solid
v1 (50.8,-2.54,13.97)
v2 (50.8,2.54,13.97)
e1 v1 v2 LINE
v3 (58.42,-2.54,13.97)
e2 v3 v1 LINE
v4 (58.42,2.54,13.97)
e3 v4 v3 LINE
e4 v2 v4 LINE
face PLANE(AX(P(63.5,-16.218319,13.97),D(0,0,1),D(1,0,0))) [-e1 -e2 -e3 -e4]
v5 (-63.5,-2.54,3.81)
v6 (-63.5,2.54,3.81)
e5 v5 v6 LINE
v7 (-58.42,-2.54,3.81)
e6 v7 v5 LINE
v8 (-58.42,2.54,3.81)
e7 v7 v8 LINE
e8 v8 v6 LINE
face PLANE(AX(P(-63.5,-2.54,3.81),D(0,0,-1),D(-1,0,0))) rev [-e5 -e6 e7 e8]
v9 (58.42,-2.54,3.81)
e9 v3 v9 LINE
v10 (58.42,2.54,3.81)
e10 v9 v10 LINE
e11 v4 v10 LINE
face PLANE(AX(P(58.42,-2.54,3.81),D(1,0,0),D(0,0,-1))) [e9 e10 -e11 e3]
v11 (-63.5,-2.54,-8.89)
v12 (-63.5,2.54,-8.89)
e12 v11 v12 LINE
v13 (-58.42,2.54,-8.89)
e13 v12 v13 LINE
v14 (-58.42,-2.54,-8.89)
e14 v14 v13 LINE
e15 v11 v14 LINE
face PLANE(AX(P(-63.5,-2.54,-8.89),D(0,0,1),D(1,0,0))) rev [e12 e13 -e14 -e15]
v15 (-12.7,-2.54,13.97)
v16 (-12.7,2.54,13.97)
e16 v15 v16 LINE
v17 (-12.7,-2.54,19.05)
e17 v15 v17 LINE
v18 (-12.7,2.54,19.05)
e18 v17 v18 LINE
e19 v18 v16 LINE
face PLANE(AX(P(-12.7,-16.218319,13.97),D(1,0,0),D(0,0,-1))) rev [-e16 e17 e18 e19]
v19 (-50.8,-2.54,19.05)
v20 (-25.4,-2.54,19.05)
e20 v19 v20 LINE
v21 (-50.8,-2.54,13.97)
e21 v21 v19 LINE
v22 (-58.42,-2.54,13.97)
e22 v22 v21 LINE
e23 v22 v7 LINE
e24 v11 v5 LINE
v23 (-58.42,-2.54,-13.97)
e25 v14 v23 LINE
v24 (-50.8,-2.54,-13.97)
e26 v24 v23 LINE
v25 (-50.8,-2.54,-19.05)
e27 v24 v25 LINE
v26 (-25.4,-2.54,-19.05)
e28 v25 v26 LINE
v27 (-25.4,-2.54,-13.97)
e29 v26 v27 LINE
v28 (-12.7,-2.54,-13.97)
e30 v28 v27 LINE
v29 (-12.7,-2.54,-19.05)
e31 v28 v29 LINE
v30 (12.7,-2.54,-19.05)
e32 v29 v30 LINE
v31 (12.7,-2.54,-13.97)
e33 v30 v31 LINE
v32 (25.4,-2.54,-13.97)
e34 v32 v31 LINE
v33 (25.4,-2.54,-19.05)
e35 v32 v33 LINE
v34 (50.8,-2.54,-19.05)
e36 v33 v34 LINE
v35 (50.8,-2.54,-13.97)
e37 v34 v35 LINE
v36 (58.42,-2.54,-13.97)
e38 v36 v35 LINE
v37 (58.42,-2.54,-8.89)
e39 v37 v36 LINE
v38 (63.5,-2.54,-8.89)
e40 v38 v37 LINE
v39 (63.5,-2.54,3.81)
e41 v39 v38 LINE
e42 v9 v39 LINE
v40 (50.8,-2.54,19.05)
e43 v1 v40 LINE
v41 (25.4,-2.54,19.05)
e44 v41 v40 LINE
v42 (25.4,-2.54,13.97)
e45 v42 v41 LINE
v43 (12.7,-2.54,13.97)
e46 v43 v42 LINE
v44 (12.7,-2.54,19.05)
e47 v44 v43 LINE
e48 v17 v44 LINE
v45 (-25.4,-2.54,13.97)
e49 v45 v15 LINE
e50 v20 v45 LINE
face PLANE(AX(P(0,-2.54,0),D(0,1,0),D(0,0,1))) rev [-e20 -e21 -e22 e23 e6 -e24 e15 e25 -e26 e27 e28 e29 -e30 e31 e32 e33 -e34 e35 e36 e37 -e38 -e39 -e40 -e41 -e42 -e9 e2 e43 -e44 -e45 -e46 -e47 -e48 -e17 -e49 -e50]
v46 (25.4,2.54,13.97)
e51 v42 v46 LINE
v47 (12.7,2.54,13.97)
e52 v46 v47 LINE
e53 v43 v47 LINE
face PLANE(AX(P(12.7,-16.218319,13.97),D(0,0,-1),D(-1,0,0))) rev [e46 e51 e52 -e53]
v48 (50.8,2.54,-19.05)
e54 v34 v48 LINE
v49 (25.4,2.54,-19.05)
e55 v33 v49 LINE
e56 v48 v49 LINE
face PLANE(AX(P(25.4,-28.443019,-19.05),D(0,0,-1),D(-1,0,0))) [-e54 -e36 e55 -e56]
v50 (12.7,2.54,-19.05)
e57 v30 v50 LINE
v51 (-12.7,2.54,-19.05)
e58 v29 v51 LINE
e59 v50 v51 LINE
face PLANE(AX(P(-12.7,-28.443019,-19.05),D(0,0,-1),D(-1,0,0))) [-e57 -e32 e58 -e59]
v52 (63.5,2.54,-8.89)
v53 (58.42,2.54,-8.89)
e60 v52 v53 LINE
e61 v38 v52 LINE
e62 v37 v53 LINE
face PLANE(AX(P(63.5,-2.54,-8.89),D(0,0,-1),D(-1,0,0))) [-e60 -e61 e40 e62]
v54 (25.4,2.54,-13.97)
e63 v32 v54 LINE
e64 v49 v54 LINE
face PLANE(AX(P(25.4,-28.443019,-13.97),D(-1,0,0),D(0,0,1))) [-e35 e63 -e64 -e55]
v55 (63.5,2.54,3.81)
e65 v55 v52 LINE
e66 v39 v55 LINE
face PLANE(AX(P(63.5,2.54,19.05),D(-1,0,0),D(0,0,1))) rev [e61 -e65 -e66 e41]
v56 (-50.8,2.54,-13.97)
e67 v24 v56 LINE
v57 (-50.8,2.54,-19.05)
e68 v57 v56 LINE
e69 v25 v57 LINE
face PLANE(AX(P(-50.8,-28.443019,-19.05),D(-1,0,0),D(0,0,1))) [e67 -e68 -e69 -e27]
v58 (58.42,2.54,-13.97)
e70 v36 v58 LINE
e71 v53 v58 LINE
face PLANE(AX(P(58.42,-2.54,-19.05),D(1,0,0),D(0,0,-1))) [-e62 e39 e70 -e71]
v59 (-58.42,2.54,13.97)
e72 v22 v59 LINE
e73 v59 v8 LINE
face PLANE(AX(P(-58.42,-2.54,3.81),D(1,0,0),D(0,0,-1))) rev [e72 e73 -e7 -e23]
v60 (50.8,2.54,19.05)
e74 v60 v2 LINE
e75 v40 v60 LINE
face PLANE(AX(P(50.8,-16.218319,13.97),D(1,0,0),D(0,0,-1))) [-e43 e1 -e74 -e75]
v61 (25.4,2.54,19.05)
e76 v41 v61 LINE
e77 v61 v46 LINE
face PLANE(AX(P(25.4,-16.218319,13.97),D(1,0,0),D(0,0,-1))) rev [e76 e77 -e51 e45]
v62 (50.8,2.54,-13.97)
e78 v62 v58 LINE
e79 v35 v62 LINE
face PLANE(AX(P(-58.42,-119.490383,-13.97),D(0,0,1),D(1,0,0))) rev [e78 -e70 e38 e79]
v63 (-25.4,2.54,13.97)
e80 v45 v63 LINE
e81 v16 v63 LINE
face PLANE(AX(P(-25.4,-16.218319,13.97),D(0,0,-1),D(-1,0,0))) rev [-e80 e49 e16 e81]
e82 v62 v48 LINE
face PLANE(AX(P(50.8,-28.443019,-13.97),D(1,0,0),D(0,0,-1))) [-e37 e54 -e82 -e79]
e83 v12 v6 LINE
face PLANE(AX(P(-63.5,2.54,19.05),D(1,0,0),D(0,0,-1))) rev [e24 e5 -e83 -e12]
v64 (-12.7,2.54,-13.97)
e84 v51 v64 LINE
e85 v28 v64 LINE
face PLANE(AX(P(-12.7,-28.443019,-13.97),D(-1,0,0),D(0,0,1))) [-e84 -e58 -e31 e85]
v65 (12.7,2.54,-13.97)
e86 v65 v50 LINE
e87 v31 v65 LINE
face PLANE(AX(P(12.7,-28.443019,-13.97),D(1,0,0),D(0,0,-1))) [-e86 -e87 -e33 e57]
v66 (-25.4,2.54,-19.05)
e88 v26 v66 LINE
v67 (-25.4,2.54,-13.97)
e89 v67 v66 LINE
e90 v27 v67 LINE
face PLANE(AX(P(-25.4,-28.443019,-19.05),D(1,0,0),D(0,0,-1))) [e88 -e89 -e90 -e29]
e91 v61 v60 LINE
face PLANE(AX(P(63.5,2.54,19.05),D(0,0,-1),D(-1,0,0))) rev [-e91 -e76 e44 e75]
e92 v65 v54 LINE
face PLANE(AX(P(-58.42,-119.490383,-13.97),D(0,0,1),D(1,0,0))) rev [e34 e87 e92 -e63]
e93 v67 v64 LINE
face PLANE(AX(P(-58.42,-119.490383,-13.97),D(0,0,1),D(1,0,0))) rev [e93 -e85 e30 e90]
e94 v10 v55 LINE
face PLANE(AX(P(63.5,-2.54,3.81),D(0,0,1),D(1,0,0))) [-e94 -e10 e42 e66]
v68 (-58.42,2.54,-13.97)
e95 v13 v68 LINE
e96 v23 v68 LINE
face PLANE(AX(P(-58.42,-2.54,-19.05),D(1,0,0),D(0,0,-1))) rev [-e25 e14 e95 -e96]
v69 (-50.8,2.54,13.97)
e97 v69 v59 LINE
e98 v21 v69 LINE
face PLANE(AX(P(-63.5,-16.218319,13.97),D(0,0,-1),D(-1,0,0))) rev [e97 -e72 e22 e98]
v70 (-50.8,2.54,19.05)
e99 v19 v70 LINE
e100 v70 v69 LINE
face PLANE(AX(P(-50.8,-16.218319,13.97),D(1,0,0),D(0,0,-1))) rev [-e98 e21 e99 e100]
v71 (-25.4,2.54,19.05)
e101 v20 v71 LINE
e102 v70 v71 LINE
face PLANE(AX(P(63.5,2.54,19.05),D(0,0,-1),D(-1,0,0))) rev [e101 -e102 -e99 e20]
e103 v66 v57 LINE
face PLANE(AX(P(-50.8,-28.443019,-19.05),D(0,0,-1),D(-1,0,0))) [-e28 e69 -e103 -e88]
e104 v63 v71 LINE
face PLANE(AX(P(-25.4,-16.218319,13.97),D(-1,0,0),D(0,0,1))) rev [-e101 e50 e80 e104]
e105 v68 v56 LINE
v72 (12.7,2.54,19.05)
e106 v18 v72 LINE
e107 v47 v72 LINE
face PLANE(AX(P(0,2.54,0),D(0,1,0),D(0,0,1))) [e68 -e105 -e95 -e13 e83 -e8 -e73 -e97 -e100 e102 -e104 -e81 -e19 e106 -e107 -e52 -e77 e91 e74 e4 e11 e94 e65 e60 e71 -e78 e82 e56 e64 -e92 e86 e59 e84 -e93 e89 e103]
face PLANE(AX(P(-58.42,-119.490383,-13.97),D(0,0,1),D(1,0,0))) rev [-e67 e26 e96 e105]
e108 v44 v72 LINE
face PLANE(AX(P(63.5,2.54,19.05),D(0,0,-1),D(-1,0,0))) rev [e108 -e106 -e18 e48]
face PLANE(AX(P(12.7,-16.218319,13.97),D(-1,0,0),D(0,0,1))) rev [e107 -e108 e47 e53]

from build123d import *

# Parameters (mm, degrees)
SKETCH1_W           = 127
SKETCH1_H           = 38.1
BOSS_EXTRUDE1_DEPTH = 2.54
SKETCH2_W           = 5.08
SKETCH2_H           = 10.16
SKETCH2_H_2         = 15.24
CUT_EXTRUDE1_DEPTH  = 5.08
SKETCH3_W           = 12.7
SKETCH3_H           = 5.08
CUT_EXTRUDE2_DEPTH  = 5.08
SKETCH4_W           = 12.7
SKETCH4_H           = 5.08
CUT_EXTRUDE4_DEPTH  = 5.08
LPATTERN1_COUNT     = 2
LPATTERN1_PITCH     = 38.1
SKETCH7_W           = 116.84
SKETCH7_H           = 5.08
CUT_EXTRUDE7_DEPTH  = 5.08
SKETCH8_W           = 25.4
SKETCH8_H           = 5.08
BOSS_EXTRUDE2_DEPTH = 5.08


with BuildPart() as part:
    # Sketch1 → Boss-Extrude1 (new body, symmetric)
    with BuildSketch(Plane(origin=(0, 0, 0), x_dir=(1, 0, 0), z_dir=(0, 1, 0))):
        Rectangle(SKETCH1_W, SKETCH1_H)
    extrude(amount=BOSS_EXTRUDE1_DEPTH, both=True)

    # Sketch2 → Cut-Extrude1 (cut)
    with BuildSketch(Plane(origin=(0, 2.54, 0), x_dir=(1, 0, 0), z_dir=(0, 1, 0))):
        with Locations((-60.96, 13.97)):
            Rectangle(SKETCH2_W, SKETCH2_H)
        with Locations((-60.96, -11.43)):
            Rectangle(SKETCH2_W, SKETCH2_H_2)
    cut_extrude1 = extrude(amount=-CUT_EXTRUDE1_DEPTH, mode=Mode.SUBTRACT)

    # Mirror1: Cut-Extrude1 across plane
    add(cut_extrude1.mirror(Plane(origin=(0, 0, 0), x_dir=(0, 0, 1), z_dir=(1, 0, 0))), mode=Mode.SUBTRACT)

    # Sketch3 → Cut-Extrude2 (cut)
    with BuildSketch(Plane(origin=(0, 2.54, 0), x_dir=(1, 0, 0), z_dir=(0, 1, 0))):
        with Locations((-57.15, -16.51)):
            Rectangle(SKETCH3_W, SKETCH3_H)
    cut_extrude2 = extrude(amount=-CUT_EXTRUDE2_DEPTH, mode=Mode.SUBTRACT)

    # Mirror2: Cut-Extrude2 across plane
    add(cut_extrude2.mirror(Plane(origin=(0, 0, 0), x_dir=(0, 0, 1), z_dir=(1, 0, 0))), mode=Mode.SUBTRACT)

    # Sketch4 → Cut-Extrude4 (cut)
    with BuildSketch(Plane(origin=(0, 2.54, 0), x_dir=(1, 0, 0), z_dir=(0, 1, 0))):
        with Locations((-19.05, -16.51)):
            Rectangle(SKETCH4_W, SKETCH4_H)
    cut_extrude4 = extrude(amount=-CUT_EXTRUDE4_DEPTH, mode=Mode.SUBTRACT)

    # LPattern1: Cut-Extrude4 ×2
    with Locations(*[(i * LPATTERN1_PITCH, 0, 0) for i in range(1, LPATTERN1_COUNT)]):
        add(cut_extrude4, mode=Mode.SUBTRACT)

    # Sketch7 → Cut-Extrude7 (cut)
    with BuildSketch(Plane(origin=(0, 2.54, 0), x_dir=(1, 0, 0), z_dir=(0, 1, 0))):
        with Locations((0, 16.51)):
            Rectangle(SKETCH7_W, SKETCH7_H)
    extrude(amount=-CUT_EXTRUDE7_DEPTH, mode=Mode.SUBTRACT)

    # Sketch8 → Boss-Extrude2 (add)
    with BuildSketch(Plane(origin=(0, 2.54, 0), x_dir=(1, 0, 0), z_dir=(0, 1, 0))):
        with Locations((-38.1, 16.51)):
            Rectangle(SKETCH8_W, SKETCH8_H)
        with Locations((0, 16.51)):
            Rectangle(SKETCH8_W, SKETCH8_H)
        with Locations((38.1, 16.51)):
            Rectangle(SKETCH8_W, SKETCH8_H)
    extrude(amount=-BOSS_EXTRUDE2_DEPTH)


solid = part.part
